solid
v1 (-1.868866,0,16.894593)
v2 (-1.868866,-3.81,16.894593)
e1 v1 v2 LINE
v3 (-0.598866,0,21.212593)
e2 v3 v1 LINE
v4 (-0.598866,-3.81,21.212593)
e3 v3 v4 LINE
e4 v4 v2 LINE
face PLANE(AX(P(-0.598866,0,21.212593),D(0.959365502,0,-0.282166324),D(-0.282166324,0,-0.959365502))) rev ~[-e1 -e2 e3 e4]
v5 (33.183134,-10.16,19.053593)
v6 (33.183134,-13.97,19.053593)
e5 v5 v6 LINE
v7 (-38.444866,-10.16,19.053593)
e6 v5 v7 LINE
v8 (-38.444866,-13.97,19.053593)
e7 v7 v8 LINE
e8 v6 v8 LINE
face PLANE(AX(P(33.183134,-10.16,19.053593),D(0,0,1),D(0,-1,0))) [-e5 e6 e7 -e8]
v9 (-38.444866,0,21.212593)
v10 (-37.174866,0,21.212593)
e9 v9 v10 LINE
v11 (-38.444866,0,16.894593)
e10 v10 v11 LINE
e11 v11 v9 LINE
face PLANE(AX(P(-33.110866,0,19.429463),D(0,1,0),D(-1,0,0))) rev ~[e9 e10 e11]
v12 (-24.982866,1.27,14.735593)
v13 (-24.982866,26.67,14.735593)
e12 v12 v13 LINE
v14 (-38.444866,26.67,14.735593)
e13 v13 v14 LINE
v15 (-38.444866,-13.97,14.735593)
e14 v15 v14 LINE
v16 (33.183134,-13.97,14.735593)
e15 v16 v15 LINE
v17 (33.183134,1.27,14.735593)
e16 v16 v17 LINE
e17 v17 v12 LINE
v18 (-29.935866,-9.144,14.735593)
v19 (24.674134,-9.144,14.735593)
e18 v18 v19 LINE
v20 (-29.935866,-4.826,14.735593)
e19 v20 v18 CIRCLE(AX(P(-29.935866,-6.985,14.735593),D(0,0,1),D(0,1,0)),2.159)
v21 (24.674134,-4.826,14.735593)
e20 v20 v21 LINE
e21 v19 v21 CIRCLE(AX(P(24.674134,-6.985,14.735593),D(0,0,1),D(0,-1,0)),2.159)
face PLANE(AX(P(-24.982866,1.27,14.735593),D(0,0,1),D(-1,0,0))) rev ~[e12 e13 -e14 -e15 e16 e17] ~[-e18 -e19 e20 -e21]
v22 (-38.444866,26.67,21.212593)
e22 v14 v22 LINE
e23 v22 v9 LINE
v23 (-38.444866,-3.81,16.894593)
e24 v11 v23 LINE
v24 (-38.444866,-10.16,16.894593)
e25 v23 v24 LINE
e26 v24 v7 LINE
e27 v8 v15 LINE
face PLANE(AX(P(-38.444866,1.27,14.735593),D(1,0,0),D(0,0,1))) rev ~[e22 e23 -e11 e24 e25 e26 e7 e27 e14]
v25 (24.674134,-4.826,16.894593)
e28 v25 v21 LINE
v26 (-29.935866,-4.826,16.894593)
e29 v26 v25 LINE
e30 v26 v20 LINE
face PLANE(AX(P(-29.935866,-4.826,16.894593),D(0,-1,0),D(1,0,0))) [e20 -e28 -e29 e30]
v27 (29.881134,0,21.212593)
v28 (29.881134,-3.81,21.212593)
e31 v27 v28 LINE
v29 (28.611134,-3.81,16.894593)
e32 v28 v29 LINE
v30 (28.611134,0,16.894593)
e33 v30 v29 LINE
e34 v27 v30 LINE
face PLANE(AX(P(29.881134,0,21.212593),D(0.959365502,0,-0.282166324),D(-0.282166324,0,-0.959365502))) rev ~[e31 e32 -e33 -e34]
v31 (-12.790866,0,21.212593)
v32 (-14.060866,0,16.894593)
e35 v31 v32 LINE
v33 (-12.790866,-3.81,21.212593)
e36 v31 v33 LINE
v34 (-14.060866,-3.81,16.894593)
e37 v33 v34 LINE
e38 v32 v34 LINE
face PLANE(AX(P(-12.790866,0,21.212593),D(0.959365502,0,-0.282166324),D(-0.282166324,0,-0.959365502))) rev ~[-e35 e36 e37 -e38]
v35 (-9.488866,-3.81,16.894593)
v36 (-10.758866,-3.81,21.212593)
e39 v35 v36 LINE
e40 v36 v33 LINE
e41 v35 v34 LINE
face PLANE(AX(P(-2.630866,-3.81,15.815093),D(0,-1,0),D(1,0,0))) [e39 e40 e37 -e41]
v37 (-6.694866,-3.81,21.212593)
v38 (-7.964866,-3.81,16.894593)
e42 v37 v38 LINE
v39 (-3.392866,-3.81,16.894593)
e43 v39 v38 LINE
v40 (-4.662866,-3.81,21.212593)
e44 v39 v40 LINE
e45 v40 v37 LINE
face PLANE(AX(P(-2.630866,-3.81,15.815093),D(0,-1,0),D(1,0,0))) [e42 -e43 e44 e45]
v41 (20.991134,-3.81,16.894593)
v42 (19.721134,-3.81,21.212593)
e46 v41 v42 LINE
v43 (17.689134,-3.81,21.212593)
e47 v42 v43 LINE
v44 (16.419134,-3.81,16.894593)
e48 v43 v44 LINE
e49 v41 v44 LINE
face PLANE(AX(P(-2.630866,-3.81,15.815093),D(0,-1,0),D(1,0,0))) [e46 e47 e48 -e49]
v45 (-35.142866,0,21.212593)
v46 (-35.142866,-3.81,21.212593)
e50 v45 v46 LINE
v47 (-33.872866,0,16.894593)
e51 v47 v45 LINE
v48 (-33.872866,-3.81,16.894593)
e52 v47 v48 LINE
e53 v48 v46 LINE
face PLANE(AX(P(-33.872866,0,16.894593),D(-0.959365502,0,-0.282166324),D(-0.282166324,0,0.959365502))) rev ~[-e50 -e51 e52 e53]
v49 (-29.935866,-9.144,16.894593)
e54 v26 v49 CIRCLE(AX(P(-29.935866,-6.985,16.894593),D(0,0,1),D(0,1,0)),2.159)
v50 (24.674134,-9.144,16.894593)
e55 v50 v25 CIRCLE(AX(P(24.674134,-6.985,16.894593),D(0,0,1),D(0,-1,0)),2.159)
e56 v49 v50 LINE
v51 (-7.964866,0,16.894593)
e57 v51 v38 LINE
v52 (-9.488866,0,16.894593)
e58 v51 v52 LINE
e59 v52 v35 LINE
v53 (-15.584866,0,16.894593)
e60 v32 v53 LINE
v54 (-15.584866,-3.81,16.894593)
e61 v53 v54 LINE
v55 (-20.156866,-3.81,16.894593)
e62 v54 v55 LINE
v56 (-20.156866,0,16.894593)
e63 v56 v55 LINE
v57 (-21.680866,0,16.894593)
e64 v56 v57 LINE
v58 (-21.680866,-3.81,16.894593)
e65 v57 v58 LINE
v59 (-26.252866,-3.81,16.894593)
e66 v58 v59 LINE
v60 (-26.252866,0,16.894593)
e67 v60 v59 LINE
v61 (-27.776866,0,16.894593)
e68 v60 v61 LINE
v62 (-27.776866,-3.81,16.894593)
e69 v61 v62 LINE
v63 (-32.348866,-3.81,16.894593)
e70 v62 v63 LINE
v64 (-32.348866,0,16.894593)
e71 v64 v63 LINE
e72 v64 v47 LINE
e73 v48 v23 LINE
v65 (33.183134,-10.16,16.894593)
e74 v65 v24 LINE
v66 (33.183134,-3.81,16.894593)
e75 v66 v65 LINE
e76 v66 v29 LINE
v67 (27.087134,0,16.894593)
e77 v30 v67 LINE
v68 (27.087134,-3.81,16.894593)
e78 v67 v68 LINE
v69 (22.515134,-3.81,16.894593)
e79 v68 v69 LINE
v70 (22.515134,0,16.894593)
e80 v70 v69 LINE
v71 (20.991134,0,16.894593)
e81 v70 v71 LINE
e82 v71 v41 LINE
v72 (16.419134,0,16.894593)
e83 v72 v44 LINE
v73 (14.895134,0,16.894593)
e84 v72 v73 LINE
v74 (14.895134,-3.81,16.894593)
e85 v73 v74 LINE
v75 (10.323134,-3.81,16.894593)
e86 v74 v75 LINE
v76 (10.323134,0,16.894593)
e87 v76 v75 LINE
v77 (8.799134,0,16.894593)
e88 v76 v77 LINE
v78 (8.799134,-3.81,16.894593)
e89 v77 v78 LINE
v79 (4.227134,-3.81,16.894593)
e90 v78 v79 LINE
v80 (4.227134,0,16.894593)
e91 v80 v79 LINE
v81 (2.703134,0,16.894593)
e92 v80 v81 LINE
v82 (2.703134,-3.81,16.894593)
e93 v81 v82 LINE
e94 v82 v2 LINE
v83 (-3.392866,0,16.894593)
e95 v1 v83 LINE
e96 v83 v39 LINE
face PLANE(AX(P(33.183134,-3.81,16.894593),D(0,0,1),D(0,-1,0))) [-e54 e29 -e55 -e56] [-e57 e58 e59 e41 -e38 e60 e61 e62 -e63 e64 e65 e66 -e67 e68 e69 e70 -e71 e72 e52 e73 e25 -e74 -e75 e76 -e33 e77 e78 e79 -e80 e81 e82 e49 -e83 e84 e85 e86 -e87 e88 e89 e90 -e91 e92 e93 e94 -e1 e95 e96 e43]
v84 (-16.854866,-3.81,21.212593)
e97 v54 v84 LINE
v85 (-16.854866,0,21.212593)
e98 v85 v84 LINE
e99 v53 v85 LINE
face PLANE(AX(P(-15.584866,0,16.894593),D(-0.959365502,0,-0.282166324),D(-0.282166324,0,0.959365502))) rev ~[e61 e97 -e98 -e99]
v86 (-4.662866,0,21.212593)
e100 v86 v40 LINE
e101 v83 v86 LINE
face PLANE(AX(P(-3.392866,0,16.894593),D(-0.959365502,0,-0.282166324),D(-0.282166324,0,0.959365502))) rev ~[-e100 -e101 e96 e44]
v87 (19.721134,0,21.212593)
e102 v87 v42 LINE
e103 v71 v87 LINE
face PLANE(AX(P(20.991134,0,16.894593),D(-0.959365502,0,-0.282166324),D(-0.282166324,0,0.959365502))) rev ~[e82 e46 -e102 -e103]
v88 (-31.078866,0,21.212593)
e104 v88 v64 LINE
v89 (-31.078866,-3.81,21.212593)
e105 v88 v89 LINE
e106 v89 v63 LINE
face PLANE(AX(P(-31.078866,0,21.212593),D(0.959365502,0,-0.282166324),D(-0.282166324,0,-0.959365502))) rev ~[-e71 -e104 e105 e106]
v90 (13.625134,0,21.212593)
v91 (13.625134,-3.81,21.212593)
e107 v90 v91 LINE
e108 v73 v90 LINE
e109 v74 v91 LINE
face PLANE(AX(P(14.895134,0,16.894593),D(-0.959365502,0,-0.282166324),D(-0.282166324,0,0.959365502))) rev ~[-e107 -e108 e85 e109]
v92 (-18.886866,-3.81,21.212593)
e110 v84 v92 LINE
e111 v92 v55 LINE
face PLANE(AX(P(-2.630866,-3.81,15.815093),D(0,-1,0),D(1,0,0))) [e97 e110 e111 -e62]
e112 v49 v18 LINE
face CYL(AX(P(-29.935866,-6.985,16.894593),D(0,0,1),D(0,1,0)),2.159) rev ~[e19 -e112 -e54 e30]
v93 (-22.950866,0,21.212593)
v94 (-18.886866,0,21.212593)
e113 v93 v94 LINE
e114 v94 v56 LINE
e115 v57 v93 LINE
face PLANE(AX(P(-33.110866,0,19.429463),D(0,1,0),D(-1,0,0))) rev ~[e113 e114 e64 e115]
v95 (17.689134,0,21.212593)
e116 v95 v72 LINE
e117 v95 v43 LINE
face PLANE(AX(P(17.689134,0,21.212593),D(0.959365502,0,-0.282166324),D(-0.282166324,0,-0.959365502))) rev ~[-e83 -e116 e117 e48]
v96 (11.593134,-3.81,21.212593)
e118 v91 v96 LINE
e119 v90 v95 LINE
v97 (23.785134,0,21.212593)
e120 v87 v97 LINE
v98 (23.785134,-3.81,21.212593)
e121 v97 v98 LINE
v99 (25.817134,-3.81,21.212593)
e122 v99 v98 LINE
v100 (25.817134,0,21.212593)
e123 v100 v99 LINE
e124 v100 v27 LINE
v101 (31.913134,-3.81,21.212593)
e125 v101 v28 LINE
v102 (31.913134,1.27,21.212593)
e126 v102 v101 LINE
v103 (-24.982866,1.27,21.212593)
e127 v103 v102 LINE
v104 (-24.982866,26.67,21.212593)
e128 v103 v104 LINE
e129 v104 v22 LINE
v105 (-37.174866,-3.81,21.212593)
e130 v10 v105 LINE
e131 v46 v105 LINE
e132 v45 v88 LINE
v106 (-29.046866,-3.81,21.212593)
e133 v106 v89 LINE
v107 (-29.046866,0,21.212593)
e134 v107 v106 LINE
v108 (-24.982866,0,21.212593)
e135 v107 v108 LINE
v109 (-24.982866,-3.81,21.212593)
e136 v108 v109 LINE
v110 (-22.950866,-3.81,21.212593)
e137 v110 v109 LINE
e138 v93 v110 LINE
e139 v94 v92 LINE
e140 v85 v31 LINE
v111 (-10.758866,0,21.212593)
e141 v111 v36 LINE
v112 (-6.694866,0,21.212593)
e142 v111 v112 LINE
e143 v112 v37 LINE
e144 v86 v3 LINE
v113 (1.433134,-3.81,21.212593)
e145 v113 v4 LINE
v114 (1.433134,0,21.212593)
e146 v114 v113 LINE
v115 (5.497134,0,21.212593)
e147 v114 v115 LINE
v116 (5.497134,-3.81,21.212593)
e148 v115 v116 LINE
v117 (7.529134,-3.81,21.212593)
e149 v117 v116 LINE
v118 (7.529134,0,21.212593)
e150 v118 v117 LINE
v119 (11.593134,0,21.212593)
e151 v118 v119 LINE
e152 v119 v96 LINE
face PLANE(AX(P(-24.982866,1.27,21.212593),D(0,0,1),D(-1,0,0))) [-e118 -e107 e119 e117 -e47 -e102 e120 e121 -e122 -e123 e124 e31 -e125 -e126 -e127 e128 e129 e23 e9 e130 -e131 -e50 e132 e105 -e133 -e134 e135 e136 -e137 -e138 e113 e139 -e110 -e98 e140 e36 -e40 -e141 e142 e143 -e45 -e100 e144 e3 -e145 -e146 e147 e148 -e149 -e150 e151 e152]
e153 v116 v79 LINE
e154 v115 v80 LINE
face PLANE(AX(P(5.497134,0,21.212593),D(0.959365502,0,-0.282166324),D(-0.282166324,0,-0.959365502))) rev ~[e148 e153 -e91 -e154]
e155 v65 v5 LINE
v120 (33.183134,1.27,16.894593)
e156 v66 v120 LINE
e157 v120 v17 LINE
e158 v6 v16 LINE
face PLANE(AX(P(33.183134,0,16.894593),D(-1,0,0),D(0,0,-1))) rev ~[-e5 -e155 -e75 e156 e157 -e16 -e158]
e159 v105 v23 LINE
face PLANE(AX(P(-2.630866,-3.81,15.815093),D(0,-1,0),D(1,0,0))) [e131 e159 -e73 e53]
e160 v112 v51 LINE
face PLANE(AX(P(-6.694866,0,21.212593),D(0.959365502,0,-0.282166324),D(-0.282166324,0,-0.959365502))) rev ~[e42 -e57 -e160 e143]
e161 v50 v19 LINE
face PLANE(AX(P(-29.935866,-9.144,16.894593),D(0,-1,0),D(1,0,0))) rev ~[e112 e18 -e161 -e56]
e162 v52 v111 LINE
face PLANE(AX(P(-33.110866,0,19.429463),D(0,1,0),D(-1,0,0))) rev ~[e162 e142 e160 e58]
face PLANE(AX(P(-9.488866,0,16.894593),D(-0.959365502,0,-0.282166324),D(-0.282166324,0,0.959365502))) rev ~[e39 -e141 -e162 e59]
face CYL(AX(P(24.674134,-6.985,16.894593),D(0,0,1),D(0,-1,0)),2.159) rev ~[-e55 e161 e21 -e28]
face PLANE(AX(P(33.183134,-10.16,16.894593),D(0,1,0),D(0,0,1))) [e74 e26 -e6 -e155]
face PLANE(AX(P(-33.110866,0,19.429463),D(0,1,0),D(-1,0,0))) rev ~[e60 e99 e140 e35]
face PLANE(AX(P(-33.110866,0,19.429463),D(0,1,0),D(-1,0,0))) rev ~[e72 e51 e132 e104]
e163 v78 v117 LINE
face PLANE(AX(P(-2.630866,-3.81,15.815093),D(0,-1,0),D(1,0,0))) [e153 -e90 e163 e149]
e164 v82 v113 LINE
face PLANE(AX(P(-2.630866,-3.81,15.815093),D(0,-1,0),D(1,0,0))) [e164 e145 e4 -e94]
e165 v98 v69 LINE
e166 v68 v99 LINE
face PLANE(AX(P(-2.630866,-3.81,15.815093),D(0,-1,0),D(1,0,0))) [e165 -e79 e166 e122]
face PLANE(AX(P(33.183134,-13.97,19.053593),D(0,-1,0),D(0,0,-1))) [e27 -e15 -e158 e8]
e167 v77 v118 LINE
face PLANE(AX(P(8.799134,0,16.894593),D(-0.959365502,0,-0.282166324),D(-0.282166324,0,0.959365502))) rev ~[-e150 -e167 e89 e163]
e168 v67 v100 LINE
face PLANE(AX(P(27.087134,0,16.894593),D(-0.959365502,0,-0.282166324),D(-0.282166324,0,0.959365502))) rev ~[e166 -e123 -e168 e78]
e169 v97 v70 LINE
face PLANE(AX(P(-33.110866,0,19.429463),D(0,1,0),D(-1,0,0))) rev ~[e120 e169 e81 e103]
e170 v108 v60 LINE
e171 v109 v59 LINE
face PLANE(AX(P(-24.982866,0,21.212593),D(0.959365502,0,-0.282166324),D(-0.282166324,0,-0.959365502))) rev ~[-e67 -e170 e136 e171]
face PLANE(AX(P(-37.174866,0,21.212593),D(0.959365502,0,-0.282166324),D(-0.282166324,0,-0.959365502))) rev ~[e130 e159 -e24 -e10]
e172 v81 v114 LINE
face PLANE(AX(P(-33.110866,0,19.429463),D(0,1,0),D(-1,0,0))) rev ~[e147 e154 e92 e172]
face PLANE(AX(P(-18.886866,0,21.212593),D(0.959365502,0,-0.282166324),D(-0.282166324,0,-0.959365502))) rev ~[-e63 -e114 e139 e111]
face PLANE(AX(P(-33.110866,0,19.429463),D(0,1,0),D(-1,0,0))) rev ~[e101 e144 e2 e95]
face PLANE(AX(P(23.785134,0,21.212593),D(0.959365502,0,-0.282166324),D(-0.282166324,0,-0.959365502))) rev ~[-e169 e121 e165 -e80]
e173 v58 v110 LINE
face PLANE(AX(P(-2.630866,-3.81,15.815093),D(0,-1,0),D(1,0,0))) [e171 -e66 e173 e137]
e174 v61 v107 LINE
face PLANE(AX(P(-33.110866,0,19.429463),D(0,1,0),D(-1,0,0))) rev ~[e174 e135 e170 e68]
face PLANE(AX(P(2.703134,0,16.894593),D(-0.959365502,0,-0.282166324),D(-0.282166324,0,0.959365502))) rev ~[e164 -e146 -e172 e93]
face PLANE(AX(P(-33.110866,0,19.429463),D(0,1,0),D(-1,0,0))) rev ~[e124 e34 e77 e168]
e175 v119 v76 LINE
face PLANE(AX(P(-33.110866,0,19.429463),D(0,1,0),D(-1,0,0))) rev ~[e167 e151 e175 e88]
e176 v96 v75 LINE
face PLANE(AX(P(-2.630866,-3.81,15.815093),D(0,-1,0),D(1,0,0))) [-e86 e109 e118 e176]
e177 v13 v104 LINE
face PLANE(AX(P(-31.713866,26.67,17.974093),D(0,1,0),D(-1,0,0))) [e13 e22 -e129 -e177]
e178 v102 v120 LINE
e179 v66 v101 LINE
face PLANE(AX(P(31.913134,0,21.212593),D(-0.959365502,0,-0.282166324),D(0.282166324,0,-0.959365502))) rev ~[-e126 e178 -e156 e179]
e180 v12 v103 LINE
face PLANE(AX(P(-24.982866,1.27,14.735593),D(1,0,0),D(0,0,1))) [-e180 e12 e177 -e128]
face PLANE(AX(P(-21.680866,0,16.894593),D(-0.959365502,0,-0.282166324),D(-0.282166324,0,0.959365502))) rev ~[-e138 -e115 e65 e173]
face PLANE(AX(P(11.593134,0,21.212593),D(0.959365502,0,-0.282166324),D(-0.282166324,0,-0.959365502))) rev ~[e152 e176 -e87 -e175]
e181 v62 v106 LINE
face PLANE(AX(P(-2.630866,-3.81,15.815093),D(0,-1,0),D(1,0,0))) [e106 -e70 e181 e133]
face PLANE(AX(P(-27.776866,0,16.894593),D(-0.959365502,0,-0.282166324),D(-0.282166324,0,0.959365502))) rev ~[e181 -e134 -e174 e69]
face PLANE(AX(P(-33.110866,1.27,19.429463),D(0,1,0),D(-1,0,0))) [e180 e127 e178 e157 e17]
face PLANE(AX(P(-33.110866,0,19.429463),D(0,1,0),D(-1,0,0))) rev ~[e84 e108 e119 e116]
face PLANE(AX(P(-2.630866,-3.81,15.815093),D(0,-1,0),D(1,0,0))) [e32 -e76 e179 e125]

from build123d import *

# Parameters (mm, degrees)
F1_DEPTH  = 3.81
F4_DEPTH  = 71.628
F6_DEPTH  = 1.27
F7_W      = 13.462
F7_H      = 6.477
F8_DEPTH  = 25.4
F9_W      = 54.61
F9_H      = 4.318
F10_DEPTH = 25.4


with BuildPart() as f1:
    # F0 (on Front) → F1 (new body)
    with BuildSketch(Plane.XZ):
        Polygon((-38.4448663006, 16.8945933835), (-38.4448663006, 14.7355933835), (33.1831336994, 14.7355933835), (33.1831336994, 16.8945933835), (28.6111336994, 16.8945933835), (27.0871336994, 16.8945933835), (22.5151336994, 16.8945933835), (20.9911336994, 16.8945933835), (16.4191336994, 16.8945933835), (14.8951336994, 16.8945933835), (10.3231336994, 16.8945933835), (8.7991336994, 16.8945933835), (4.2271336994, 16.8945933835), (2.7031336994, 16.8945933835), (-1.8688663006, 16.8945933835), (-3.3928663006, 16.8945933835), (-7.9648663006, 16.8945933835), (-9.4888663006, 16.8945933835), (-14.0608663006, 16.8945933835), (-15.5848663006, 16.8945933835), (-20.1568663006, 16.8945933835), (-21.6808663006, 16.8945933835), (-26.2528663006, 16.8945933835), (-27.7768663006, 16.8945933835), (-32.3488663006, 16.8945933835), (-33.8728663006, 16.8945933835), align=None)
        Polygon((-37.1748663006, 21.2125933835), (-38.4448663006, 16.8945933835), (-33.8728663006, 16.8945933835), (-35.1428663006, 21.2125933835), align=None)
        Polygon((28.6111336994, 16.8945933835), (33.1831336994, 16.8945933835), (31.9131336994, 21.2125933835), (29.8811336994, 21.2125933835), align=None)
        Polygon((-31.0788663006, 21.2125933835), (-32.3488663006, 16.8945933835), (-27.7768663006, 16.8945933835), (-29.0468663006, 21.2125933835), align=None)
        Polygon((22.5151336994, 16.8945933835), (27.0871336994, 16.8945933835), (25.8171336994, 21.2125933835), (23.7851336994, 21.2125933835), align=None)
        Polygon((-24.9828663006, 21.2125933835), (-26.2528663006, 16.8945933835), (-21.6808663006, 16.8945933835), (-22.9508663006, 21.2125933835), align=None)
        Polygon((16.4191336994, 16.8945933835), (20.9911336994, 16.8945933835), (19.7211336994, 21.2125933835), (17.6891336994, 21.2125933835), align=None)
        Polygon((-18.8868663006, 21.2125933835), (-20.1568663006, 16.8945933835), (-15.5848663006, 16.8945933835), (-16.8548663006, 21.2125933835), align=None)
        Polygon((10.3231336994, 16.8945933835), (14.8951336994, 16.8945933835), (13.6251336994, 21.2125933835), (11.5931336994, 21.2125933835), align=None)
        Polygon((-12.7908663006, 21.2125933835), (-14.0608663006, 16.8945933835), (-9.4888663006, 16.8945933835), (-10.7588663006, 21.2125933835), align=None)
        Polygon((4.2271336994, 16.8945933835), (8.7991336994, 16.8945933835), (7.5291336994, 21.2125933835), (5.4971336994, 21.2125933835), align=None)
        Polygon((-6.6948663006, 21.2125933835), (-7.9648663006, 16.8945933835), (-3.3928663006, 16.8945933835), (-4.6628663006, 21.2125933835), align=None)
        Polygon((-1.8688663006, 16.8945933835), (2.7031336994, 16.8945933835), (1.4331336994, 21.2125933835), (-0.5988663006, 21.2125933835), align=None)
    extrude(amount=F1_DEPTH)

    # F3 (on plane+point) → F4 (join, through all)
    with BuildSketch(Plane.YZ.offset(33.1831336994)):
        Polygon((-13.97, 14.7355933835), (-3.81, 14.7355933835), (-3.81, 16.8945933835), (-10.16, 16.8945933835), (-10.16, 19.0535933835), (-13.97, 19.0535933835), (-13.97, 16.8945933835), align=None)
    extrude(amount=-F4_DEPTH)

    # F5 (on face) → F6 (join)
    with BuildSketch(Plane(origin=(0, 0, 0), x_dir=(-1, 0, 0), z_dir=(0, 1, 0))):
        Polygon((33.8728663006, 16.8945933835), (35.1428663006, 21.2125933835), (31.0788663006, 21.2125933835), (32.3488663006, 16.8945933835), align=None)
        Polygon((27.7768663006, 16.8945933835), (29.0468663006, 21.2125933835), (24.9828663006, 21.2125933835), (26.2528663006, 16.8945933835), align=None)
        Polygon((21.6808663006, 16.8945933835), (22.9508663006, 21.2125933835), (18.8868663006, 21.2125933835), (20.1568663006, 16.8945933835), align=None)
        Polygon((15.5848663006, 16.8945933835), (16.8548663006, 21.2125933835), (12.7908663006, 21.2125933835), (14.0608663006, 16.8945933835), align=None)
        Polygon((9.4888663006, 16.8945933835), (10.7588663006, 21.2125933835), (6.6948663006, 21.2125933835), (7.9648663006, 16.8945933835), align=None)
        Polygon((3.3928663006, 16.8945933835), (4.6628663006, 21.2125933835), (0.5988663006, 21.2125933835), (1.8688663006, 16.8945933835), align=None)
        Polygon((-1.4331336994, 21.2125933835), (-5.4971336994, 21.2125933835), (-4.2271336994, 16.8945933835), (-2.7031336994, 16.8945933835), align=None)
        Polygon((-7.5291336994, 21.2125933835), (-11.5931336994, 21.2125933835), (-10.3231336994, 16.8945933835), (-8.7991336994, 16.8945933835), align=None)
        Polygon((-13.6251336994, 21.2125933835), (-17.6891336994, 21.2125933835), (-16.4191336994, 16.8945933835), (-14.8951336994, 16.8945933835), align=None)
        Polygon((-19.7211336994, 21.2125933835), (-23.7851336994, 21.2125933835), (-22.5151336994, 16.8945933835), (-20.9911336994, 16.8945933835), align=None)
        Polygon((-25.8171336994, 21.2125933835), (-29.8811336994, 21.2125933835), (-28.6111336994, 16.8945933835), (-27.0871336994, 16.8945933835), align=None)
        Polygon((-33.1831336994, 14.7355933835), (38.4448663006, 14.7355933835), (38.4448663006, 16.8945933835), (37.1748663006, 21.2125933835), (35.1428663006, 21.2125933835), (33.8728663006, 16.8945933835), (32.3488663006, 16.8945933835), (31.0788663006, 21.2125933835), (29.0468663006, 21.2125933835), (27.7768663006, 16.8945933835), (26.2528663006, 16.8945933835), (24.9828663006, 21.2125933835), (22.9508663006, 21.2125933835), (21.6808663006, 16.8945933835), (20.1568663006, 16.8945933835), (18.8868663006, 21.2125933835), (16.8548663006, 21.2125933835), (15.5848663006, 16.8945933835), (14.0608663006, 16.8945933835), (12.7908663006, 21.2125933835), (10.7588663006, 21.2125933835), (9.4888663006, 16.8945933835), (7.9648663006, 16.8945933835), (6.6948663006, 21.2125933835), (4.6628663006, 21.2125933835), (3.3928663006, 16.8945933835), (1.8688663006, 16.8945933835), (0.5988663006, 21.2125933835), (-1.4331336994, 21.2125933835), (-2.7031336994, 16.8945933835), (-4.2271336994, 16.8945933835), (-5.4971336994, 21.2125933835), (-7.5291336994, 21.2125933835), (-8.7991336994, 16.8945933835), (-10.3231336994, 16.8945933835), (-11.5931336994, 21.2125933835), (-13.6251336994, 21.2125933835), (-14.8951336994, 16.8945933835), (-16.4191336994, 16.8945933835), (-17.6891336994, 21.2125933835), (-19.7211336994, 21.2125933835), (-20.9911336994, 16.8945933835), (-22.5151336994, 16.8945933835), (-23.7851336994, 21.2125933835), (-25.8171336994, 21.2125933835), (-27.0871336994, 16.8945933835), (-28.6111336994, 16.8945933835), (-29.8811336994, 21.2125933835), (-31.9131336994, 21.2125933835), (-33.1831336994, 16.8945933835), align=None)
        Polygon((37.1748663006, 21.2125933835), (38.4448663006, 16.8945933835), (38.4448663006, 21.2125933835), align=None)
    extrude(amount=F6_DEPTH)

    # F7 (on face) → F8 (join)
    with BuildSketch(Plane(origin=(0, 1.27, 0), x_dir=(-1, 0, 0), z_dir=(0, 1, 0))):
        with Locations((31.7138663006, 17.9740933835)):
            Rectangle(F7_W, F7_H)
    extrude(amount=F8_DEPTH)

    # F9 (on face) → F10 (cut)
    with BuildSketch(Plane.XY.offset(16.8945933835)):
        with Locations((-2.6308663007, -6.985)):
            Rectangle(F9_W, F9_H)
        with BuildLine():
            Line((24.6741336994, -4.826), (24.6741336994, -9.144))
            ThreePointArc((24.6741336994, -9.144), (26.8331336994, -6.985), (24.6741336994, -4.826))
        make_face()
        with BuildLine():
            ThreePointArc((-29.9358663007, -4.826), (-32.0948663007, -6.985), (-29.9358663007, -9.144))
            Line((-29.9358663007, -9.144), (-29.9358663007, -4.826))
        make_face()
    extrude(amount=-F10_DEPTH, mode=Mode.SUBTRACT)


solid = f1.part
